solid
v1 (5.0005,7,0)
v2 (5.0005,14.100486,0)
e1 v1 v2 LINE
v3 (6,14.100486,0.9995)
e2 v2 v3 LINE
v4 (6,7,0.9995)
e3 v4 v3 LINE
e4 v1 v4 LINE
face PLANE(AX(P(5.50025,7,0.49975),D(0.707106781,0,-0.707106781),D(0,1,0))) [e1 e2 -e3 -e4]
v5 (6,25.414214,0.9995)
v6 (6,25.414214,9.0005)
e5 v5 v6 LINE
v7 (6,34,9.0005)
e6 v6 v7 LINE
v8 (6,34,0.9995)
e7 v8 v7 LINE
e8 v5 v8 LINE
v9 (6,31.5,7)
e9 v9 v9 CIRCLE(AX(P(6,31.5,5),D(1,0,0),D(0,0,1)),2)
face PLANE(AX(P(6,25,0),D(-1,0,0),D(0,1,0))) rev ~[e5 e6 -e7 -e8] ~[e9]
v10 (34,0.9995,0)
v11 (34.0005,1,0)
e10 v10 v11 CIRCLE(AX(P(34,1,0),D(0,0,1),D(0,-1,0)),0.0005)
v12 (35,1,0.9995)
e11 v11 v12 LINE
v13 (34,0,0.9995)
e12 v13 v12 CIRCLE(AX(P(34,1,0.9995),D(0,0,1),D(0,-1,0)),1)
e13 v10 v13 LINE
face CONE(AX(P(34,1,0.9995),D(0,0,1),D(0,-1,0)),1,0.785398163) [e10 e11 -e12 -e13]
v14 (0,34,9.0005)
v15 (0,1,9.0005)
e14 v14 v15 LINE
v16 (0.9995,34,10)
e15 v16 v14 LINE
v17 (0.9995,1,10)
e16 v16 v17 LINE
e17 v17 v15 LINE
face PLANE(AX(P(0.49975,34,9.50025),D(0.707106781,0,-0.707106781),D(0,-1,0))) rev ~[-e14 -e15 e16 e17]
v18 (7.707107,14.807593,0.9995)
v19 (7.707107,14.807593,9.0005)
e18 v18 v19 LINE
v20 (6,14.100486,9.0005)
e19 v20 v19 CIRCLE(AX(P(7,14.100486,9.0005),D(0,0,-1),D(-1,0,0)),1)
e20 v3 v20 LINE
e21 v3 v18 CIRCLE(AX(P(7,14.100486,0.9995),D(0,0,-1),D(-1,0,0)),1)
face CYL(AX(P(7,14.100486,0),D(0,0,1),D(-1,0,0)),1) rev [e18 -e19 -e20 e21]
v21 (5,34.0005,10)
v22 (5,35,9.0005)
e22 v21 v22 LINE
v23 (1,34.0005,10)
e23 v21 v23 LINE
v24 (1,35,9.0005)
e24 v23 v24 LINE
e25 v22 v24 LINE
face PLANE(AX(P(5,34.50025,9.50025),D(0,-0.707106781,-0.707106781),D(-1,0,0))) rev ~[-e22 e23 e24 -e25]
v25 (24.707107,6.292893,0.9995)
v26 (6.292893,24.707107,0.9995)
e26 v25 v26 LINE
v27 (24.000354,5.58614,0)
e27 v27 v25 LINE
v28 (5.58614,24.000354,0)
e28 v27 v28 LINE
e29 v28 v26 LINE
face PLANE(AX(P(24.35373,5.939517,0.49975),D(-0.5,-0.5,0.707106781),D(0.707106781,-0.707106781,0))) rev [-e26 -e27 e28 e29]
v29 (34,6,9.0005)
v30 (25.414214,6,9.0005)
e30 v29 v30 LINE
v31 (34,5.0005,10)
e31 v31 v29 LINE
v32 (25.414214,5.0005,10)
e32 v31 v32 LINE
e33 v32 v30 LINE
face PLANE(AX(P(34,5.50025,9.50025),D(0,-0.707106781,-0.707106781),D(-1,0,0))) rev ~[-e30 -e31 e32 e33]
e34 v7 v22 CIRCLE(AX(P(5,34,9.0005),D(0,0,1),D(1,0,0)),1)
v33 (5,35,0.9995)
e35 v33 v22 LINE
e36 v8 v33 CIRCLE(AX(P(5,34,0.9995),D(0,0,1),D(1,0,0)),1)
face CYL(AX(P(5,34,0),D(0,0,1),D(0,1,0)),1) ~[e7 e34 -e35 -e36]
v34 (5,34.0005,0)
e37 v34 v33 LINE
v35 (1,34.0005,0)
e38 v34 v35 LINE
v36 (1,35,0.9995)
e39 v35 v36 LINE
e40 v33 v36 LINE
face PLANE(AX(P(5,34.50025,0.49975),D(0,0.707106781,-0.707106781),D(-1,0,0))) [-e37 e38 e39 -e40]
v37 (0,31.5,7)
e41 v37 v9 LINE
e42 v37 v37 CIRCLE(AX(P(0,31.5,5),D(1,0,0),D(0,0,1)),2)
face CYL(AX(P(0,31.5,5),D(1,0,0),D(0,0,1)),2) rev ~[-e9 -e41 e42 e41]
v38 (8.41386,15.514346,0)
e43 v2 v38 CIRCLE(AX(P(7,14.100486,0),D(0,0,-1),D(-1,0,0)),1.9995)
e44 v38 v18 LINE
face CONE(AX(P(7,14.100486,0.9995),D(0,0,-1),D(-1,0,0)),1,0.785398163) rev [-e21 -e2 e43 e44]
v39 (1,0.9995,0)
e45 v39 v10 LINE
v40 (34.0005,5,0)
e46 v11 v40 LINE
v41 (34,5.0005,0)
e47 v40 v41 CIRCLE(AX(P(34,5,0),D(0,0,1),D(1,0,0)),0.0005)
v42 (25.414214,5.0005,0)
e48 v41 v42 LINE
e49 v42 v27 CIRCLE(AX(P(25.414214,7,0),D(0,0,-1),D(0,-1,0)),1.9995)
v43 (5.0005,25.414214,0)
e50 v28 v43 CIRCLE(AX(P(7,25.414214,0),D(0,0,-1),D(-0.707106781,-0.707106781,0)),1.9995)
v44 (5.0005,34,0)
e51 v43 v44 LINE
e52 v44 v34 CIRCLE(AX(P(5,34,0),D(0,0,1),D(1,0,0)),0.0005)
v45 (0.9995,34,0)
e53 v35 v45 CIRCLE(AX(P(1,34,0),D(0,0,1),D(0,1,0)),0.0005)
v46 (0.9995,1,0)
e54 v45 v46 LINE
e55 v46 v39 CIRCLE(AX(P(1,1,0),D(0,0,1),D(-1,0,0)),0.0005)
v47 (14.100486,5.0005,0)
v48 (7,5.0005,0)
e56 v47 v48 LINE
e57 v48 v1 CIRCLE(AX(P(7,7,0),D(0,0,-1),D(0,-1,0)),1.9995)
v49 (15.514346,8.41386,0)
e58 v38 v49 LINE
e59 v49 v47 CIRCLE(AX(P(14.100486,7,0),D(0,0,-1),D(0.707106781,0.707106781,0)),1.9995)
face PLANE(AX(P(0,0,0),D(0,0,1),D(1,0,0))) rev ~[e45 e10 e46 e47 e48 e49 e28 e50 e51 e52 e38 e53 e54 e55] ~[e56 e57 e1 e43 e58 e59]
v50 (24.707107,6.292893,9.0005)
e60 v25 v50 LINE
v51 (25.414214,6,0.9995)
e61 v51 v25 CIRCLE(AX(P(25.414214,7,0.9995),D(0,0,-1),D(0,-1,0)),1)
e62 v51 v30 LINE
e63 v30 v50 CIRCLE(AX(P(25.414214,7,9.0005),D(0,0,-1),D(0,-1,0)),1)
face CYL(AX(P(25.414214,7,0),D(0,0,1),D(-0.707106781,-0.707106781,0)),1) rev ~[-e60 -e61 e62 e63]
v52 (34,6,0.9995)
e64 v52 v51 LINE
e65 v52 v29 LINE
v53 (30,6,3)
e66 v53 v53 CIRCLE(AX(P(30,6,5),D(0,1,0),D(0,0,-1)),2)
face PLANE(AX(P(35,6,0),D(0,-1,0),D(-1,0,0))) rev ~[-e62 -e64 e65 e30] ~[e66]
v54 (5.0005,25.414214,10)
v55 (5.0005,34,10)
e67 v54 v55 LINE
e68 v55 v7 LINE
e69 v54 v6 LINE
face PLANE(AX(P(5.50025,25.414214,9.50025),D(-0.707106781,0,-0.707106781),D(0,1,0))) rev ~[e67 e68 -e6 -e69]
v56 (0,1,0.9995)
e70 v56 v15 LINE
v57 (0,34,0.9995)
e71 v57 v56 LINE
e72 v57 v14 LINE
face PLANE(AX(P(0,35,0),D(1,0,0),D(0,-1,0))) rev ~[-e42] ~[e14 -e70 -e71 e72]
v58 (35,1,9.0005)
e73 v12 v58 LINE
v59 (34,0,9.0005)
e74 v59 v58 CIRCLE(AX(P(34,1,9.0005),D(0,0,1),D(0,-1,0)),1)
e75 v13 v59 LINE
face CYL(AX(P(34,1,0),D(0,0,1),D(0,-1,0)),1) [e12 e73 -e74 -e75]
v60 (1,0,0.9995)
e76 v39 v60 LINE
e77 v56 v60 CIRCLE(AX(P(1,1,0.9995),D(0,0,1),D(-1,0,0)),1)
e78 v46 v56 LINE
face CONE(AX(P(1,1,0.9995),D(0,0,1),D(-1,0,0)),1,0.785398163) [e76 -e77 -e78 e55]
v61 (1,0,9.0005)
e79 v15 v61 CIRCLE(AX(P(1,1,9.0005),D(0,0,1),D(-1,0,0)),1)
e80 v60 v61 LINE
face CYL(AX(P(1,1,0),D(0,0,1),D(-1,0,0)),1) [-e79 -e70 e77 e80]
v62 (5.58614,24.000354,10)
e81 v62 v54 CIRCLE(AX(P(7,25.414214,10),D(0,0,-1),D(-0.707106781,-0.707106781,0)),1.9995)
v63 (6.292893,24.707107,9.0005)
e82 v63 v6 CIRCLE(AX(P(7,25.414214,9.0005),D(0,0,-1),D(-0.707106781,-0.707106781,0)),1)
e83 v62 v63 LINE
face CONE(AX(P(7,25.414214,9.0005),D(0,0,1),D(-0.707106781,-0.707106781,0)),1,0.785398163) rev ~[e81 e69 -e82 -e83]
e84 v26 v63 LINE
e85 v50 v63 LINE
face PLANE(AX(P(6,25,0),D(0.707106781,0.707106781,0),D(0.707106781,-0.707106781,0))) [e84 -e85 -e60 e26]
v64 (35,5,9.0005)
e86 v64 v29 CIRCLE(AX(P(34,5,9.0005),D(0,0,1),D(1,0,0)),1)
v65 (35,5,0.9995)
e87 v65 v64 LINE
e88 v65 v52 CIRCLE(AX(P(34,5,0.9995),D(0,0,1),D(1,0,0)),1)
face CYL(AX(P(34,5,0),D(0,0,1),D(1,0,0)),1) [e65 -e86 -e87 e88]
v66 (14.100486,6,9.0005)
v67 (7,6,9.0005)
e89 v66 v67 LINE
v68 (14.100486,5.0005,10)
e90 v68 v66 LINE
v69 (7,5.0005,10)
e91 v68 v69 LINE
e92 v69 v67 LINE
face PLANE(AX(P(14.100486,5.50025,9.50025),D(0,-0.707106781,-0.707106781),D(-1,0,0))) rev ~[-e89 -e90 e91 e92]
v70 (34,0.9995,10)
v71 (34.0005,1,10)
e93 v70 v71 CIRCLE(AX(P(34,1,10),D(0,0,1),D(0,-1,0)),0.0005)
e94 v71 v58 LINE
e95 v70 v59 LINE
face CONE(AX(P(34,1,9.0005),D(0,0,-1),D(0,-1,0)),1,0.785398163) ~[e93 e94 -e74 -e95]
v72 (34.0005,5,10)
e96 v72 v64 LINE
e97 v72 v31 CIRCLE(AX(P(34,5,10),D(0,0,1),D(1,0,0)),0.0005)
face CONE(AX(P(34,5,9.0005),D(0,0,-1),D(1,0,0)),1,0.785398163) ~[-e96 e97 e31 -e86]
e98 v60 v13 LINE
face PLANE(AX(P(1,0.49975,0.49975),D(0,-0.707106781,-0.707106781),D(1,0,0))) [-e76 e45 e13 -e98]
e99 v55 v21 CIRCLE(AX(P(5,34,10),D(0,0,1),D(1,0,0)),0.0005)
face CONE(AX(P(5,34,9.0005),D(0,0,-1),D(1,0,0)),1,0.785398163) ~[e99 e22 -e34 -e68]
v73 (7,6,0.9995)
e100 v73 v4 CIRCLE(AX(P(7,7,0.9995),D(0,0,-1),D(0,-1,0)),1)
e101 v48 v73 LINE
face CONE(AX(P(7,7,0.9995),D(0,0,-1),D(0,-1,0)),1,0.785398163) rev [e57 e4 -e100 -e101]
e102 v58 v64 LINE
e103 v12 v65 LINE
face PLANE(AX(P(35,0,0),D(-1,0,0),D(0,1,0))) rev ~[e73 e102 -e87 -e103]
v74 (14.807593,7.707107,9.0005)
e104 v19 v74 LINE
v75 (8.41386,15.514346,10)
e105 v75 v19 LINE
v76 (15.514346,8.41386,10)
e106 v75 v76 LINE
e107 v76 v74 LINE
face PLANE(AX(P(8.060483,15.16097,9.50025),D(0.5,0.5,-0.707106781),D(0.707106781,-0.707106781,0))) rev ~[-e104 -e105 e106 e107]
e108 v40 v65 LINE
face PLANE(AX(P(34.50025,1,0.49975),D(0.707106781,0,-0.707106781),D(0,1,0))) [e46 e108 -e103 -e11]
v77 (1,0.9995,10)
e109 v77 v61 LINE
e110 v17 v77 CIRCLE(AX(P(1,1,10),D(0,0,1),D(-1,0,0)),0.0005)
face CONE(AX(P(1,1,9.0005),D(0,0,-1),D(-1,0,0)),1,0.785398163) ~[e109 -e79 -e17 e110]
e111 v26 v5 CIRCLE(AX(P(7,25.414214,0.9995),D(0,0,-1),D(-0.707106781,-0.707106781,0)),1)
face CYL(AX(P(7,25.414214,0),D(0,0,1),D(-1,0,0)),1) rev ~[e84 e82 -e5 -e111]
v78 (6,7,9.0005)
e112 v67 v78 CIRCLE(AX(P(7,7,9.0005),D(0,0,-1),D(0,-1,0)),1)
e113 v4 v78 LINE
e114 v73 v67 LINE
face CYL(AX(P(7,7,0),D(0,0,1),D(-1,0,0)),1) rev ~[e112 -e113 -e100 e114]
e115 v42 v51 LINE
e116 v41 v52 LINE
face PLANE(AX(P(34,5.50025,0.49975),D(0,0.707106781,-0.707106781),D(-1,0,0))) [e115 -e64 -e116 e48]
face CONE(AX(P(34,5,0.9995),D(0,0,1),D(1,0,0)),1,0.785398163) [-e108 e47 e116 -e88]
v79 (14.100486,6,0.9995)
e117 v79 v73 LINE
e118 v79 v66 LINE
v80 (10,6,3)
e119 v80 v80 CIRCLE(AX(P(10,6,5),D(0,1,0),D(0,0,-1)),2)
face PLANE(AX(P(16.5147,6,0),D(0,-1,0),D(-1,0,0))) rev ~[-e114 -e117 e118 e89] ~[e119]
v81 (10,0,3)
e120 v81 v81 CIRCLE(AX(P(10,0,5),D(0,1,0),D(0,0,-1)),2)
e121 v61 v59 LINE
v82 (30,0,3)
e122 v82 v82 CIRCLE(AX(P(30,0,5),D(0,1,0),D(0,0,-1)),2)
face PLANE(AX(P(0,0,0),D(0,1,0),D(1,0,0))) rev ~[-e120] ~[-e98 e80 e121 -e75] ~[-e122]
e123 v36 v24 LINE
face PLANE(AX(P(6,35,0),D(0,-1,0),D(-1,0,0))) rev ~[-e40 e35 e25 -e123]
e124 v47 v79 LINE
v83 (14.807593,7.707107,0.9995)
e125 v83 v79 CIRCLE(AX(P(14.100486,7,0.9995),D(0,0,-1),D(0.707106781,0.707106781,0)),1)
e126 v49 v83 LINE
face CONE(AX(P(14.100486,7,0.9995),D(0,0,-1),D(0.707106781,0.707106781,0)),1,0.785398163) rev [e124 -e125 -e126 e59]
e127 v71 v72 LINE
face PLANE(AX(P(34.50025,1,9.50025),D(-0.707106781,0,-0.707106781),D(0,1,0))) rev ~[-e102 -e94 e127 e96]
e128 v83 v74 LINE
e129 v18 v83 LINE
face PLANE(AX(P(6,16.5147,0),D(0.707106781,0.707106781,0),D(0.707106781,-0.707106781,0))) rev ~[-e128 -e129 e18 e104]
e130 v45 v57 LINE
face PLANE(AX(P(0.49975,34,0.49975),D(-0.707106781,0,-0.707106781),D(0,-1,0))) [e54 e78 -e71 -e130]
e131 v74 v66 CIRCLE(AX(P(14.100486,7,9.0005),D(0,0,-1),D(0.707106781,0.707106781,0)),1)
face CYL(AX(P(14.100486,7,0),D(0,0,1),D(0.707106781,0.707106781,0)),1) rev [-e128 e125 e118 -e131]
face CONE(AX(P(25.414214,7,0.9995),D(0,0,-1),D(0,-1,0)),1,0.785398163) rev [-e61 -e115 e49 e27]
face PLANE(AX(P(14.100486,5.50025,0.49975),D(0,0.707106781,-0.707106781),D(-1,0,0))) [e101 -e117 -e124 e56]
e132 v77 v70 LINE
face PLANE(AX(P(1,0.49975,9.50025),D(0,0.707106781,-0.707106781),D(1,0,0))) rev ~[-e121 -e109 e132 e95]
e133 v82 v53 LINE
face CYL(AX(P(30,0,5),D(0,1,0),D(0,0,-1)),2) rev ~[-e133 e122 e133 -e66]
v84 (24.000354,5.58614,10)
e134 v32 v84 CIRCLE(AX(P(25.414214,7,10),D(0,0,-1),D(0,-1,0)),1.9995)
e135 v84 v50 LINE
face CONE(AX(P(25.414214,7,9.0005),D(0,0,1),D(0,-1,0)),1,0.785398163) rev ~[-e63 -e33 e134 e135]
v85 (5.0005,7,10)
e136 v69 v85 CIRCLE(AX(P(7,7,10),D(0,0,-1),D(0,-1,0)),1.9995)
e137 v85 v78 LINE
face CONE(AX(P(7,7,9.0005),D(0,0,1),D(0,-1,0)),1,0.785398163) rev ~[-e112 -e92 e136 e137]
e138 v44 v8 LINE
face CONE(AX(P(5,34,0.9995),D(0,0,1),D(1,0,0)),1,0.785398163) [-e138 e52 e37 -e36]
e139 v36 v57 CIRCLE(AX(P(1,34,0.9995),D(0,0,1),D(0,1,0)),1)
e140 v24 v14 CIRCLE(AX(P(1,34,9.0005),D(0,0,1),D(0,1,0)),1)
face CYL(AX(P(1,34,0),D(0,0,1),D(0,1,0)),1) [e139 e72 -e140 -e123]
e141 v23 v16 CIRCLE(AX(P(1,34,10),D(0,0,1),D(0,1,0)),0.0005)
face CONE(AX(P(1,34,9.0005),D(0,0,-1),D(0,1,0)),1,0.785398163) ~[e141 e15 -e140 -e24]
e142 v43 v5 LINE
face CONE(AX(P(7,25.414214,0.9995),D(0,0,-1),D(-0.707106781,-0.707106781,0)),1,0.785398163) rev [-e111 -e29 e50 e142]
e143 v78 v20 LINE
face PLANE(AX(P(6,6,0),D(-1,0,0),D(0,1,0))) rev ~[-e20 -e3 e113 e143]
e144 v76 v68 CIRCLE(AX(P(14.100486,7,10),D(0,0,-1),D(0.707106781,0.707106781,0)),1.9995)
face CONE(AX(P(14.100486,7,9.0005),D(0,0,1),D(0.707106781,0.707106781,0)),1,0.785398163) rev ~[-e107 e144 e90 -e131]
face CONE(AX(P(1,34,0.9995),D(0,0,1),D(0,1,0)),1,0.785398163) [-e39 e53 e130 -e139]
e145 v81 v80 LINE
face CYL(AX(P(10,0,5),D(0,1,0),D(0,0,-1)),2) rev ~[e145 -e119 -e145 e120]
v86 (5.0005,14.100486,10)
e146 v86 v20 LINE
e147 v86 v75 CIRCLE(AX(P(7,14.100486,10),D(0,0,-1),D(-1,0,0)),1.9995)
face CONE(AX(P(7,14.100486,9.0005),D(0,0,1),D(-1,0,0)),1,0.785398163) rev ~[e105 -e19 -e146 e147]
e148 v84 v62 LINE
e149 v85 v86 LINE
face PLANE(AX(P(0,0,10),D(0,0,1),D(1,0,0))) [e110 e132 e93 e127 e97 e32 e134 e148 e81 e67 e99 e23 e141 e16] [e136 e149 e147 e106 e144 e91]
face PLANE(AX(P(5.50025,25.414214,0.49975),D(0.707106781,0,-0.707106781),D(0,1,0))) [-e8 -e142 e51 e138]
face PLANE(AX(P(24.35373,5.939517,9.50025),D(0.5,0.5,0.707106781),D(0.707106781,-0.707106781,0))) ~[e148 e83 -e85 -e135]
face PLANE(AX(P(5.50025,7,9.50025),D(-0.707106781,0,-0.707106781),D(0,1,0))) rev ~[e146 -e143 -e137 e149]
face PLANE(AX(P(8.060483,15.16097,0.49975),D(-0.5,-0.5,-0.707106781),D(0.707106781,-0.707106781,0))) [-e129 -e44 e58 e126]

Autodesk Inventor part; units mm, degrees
ref_plane "YZ Plane" through (0, 0, 0) normal (1, 0, 0) x (0, 1, 0)
ref_plane "XZ Plane" through (0, 0, 0) normal (0, 1, 0) x (-1, 0, 0)
ref_plane "XY Plane" through (0, 0, 0) normal (0, 0, 1) x (1, 0, 0)
sketch "Sketch1" plane through (0, 0, 0) normal (0, 0, 1) x (1, 0, 0)
  line L0 (0, 35) -> (0, 0)
  line L1 (0, 0) -> (35, 0)
  line L2 (35, 0) -> (35, 6)
  line L3 (35, 6) -> (6, 6)
  line L4 (6, 6) -> (6, 35)
  line L5 (6, 35) -> (0, 35)
  line L6 (6, 25) -> (25, 6)
  line L7 (6, 16.5147) -> (16.5147, 6)
  dimension "d0" = 6
  dimension "d1" = 35
  dimension "d5" = 45
  dimension "d6" = 10
  dimension "d24" = 6
extrude "Extrusion1" add sketch "Sketch1" along normal blind 10 contours L5 L4 L3 L2 L1 L0 | L6 L3 L7 L4
sketch "Sketch2" plane through (0, 0, 0) normal (0, -1, 0) x (1, 0, 0)
  line L0 (35, 0) -> (35, 10) projected
  point P0 (0, 0)
  point P1 (30, 5)
  point P2 (10, 5)
  point P3 (35, 5)
  dimension "d7" = 5
  dimension "d8" = 20
hole "Hole1" at (30, 0, 5) at (10, 0, 5) direction (0, 1, 0) diameter 4 depth 8
sketch "Sketch3" plane through (0, 0, 0) normal (-1, 0, 0) x (0, 0, 1)
  line L0 (0, 35) -> (10, 35) projected
  line L1 (0, 0) -> (10, 0) projected
  point P0 (5, 31.5)
  point P1 (5, 35)
  dimension "d16" = 31.5
hole "Hole2" at (0, 31.5, 5) direction (1, 0, 0) diameter 4 depth 8
fillet "Fillet1" radius 1 10 edges at (0, 35, 5) (6, 35, 5) (0, 0, 5) (35, 0, 5) (35, 6, 5) (25, 6, 5) (6, 25, 5) (6, 6, 5) (6, 16.5147, 5) (16.5147, 6, 5)
chamfer "Chamfer1" distance 1 angle 45 36 edges at (0, 17.5, 10) (0.2929, 0.2929, 10) (17.5, 0, 10) (34.7071, 0.2929, 10) (35, 3, 10) (34.7071, 5.7071, 10) (29.7071, 6, 10) (25.0315, 6.0761, 10) (15.5, 15.5, 10) (6.0761, 25.0315, 10) (6, 29.7071, 10) (5.7071, 34.7071, 10) (3, 35, 10) (0.2929, 34.7071, 10) (11.2574, 11.2574, 10) (10.5503, 6, 10) (6.2929, 6.2929, 10) (6, 10.5503, 10) (6, 10.5503, 0) (11.2574, 11.2574, 0) (10.5503, 6, 0) (6.2929, 6.2929, 0) (0, 17.5, 0) (0.2929, 0.2929, 0) (17.5, 0, 0) (34.7071, 0.2929, 0) (35, 3, 0) (34.7071, 5.7071, 0) (29.7071, 6, 0) (25.0315, 6.0761, 0) (15.5, 15.5, 0) (6.0761, 25.0315, 0) (6, 29.7071, 0) (5.7071, 34.7071, 0) (3, 35, 0) (0.2929, 34.7071, 0)
properties part number "Control Board Bracket"
